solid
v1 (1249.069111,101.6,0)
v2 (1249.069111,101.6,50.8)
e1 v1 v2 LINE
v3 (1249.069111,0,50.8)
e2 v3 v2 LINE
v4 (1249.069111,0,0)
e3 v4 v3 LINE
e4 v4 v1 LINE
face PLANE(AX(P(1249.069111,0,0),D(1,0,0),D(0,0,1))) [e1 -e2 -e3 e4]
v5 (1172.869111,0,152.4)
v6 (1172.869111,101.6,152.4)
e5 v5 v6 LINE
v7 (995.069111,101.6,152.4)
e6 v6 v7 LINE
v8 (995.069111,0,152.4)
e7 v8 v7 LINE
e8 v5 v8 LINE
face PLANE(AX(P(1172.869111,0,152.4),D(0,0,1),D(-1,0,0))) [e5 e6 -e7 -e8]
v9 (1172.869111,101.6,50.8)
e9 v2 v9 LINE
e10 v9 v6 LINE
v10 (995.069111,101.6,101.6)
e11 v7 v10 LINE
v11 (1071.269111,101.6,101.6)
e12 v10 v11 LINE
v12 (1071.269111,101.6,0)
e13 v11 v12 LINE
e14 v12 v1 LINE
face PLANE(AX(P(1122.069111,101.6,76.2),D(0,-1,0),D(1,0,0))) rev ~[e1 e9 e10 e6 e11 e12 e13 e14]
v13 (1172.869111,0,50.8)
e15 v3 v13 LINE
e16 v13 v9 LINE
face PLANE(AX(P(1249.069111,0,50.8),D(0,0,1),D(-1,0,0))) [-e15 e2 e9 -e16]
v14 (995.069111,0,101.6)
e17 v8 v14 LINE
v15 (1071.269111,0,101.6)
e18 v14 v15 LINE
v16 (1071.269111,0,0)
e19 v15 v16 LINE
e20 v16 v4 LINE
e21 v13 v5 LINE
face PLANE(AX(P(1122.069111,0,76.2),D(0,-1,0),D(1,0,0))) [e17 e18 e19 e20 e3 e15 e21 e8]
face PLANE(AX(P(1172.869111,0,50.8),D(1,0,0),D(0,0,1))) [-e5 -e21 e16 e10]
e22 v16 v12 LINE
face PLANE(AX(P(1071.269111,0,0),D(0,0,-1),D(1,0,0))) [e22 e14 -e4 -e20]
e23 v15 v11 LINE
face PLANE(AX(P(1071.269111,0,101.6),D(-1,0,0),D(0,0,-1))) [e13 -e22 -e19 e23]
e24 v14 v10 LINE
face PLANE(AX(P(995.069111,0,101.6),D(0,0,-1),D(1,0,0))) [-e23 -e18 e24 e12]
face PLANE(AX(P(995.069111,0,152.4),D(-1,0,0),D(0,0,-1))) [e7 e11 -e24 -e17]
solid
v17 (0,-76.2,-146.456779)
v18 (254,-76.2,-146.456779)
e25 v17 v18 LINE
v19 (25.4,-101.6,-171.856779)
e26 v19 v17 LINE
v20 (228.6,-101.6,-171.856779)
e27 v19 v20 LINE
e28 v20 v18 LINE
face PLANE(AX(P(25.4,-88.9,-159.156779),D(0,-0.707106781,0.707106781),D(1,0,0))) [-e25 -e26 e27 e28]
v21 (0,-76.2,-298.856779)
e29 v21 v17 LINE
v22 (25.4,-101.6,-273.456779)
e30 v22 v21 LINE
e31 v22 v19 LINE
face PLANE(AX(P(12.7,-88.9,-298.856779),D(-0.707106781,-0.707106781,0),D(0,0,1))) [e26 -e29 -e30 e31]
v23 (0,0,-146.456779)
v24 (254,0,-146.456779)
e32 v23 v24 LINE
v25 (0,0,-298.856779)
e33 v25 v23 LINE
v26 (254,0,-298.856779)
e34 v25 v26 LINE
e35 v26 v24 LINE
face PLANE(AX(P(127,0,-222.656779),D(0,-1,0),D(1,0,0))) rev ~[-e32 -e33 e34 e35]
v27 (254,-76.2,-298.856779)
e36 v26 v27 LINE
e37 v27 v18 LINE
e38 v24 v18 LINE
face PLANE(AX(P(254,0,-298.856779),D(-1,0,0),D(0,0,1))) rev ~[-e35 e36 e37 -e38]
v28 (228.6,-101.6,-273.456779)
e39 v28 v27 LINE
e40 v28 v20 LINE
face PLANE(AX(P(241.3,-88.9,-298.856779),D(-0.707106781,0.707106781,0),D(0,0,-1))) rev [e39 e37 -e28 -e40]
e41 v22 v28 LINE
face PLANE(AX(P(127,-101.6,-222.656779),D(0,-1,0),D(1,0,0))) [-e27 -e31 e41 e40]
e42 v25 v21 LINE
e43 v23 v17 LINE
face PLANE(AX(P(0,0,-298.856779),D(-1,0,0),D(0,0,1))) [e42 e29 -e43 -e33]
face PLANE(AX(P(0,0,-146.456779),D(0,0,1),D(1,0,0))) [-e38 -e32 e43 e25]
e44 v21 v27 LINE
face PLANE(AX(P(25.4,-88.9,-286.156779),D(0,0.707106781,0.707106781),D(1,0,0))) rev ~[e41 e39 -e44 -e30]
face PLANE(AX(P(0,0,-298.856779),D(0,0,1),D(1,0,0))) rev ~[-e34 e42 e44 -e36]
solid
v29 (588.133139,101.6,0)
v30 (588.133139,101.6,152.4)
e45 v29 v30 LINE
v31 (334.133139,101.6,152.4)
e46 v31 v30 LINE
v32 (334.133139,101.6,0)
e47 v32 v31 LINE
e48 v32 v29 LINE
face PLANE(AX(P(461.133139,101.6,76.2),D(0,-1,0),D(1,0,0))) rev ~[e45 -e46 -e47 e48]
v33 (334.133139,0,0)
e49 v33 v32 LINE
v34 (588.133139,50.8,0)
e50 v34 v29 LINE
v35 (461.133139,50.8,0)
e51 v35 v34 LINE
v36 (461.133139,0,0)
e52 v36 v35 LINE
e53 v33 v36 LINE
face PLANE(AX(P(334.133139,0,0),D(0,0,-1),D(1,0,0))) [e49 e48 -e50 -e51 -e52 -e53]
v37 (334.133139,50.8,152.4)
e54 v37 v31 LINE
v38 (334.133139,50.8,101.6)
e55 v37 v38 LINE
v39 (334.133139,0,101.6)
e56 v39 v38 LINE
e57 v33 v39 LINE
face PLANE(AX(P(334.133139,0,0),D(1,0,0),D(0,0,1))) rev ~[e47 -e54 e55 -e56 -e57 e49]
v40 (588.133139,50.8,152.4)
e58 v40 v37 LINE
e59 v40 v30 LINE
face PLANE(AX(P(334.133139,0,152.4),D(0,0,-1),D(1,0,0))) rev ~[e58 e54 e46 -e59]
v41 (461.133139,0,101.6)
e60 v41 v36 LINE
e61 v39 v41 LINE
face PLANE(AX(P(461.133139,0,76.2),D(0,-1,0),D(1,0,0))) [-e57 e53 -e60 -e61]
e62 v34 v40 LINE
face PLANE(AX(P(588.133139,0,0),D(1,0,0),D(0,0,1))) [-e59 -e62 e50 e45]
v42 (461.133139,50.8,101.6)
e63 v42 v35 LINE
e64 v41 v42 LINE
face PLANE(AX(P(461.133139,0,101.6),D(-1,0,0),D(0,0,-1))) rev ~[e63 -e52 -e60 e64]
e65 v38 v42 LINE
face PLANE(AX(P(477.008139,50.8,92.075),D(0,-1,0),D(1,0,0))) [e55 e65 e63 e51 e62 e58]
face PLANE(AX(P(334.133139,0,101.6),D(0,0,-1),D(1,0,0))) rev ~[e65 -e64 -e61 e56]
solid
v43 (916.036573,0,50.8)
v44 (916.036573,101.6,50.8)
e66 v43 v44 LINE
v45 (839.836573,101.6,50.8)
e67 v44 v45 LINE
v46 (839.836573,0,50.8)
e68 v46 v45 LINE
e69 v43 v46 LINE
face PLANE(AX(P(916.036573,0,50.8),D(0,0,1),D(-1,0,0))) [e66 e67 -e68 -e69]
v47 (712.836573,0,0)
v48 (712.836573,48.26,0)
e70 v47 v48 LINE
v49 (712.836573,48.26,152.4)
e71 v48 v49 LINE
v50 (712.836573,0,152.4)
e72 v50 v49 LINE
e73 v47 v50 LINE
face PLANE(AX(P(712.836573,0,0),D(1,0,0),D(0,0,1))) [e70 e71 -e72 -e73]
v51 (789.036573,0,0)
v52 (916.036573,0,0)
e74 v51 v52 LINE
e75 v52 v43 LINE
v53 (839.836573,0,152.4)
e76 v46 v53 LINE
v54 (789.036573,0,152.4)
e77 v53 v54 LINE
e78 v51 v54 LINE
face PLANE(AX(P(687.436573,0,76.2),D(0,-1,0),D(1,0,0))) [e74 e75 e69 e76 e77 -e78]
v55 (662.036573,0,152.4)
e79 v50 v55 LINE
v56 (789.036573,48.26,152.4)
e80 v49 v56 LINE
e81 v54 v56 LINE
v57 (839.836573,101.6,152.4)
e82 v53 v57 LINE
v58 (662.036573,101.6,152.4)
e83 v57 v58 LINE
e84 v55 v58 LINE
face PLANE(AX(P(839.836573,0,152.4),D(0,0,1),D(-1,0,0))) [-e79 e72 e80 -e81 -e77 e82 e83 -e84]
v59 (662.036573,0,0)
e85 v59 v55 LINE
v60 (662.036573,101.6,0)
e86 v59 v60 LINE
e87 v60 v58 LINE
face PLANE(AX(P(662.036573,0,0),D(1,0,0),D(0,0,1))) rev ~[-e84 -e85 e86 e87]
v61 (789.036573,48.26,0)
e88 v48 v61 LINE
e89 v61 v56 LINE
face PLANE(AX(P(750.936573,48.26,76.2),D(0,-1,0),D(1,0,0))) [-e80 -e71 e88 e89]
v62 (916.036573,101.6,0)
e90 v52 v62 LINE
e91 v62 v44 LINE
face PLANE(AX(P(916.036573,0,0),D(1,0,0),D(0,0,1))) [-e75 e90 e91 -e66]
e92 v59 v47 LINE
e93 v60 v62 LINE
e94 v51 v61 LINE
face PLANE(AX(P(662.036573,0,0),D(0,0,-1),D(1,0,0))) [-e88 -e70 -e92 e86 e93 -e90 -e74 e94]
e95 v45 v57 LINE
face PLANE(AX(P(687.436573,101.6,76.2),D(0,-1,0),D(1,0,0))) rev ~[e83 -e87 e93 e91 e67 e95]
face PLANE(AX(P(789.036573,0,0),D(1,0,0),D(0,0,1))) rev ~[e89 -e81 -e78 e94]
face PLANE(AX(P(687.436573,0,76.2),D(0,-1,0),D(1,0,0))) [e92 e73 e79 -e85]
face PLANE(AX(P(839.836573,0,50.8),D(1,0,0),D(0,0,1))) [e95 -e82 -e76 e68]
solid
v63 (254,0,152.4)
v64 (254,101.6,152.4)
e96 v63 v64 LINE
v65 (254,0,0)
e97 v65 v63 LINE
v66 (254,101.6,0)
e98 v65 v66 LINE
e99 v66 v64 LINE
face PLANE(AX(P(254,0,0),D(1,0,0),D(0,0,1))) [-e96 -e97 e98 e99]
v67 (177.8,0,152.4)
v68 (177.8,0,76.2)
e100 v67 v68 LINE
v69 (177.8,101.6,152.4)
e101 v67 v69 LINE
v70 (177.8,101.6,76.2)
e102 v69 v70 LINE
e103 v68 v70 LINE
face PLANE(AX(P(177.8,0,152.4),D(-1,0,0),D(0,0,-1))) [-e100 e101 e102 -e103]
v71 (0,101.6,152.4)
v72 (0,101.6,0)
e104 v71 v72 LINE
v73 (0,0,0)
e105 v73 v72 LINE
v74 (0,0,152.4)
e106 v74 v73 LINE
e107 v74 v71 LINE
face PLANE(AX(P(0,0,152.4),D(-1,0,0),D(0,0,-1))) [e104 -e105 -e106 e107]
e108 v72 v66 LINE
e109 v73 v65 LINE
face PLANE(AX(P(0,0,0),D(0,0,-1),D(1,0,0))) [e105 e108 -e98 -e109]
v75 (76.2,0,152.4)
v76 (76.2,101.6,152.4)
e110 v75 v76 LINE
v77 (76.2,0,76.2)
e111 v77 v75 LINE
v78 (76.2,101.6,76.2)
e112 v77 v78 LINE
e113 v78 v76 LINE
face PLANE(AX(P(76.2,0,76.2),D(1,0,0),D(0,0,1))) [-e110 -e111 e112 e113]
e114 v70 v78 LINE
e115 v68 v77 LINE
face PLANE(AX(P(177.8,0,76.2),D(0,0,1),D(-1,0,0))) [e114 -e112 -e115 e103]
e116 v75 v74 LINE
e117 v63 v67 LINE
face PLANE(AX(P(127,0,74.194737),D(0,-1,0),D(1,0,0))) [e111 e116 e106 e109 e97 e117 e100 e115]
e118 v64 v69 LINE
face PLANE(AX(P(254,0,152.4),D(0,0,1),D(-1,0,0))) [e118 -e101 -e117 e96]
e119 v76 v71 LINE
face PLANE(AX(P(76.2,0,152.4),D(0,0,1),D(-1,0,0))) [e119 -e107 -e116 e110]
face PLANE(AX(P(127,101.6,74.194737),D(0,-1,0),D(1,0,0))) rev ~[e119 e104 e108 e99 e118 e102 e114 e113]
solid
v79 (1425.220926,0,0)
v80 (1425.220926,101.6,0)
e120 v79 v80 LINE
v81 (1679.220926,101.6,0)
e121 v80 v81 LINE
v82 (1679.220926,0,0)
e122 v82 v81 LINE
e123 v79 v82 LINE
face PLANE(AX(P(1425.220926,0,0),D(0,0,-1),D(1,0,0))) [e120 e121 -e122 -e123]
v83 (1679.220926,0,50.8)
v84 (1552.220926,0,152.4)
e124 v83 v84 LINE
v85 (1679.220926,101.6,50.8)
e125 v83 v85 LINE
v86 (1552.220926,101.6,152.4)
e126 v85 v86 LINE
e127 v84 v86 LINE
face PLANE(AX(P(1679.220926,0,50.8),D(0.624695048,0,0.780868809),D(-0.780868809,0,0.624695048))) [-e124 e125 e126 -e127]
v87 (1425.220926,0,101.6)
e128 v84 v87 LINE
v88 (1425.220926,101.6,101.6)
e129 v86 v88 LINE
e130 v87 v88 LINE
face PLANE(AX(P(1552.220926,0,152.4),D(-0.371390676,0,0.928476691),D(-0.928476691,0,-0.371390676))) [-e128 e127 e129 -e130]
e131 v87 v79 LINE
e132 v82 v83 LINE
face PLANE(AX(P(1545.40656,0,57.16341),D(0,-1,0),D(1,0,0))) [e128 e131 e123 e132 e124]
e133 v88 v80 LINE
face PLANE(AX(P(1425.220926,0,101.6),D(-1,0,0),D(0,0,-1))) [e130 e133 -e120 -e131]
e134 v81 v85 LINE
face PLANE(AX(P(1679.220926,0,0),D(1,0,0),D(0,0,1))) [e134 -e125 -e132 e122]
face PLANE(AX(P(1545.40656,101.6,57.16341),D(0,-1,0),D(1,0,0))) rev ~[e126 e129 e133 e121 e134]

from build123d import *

# Parameters (mm, degrees)
F1_DEPTH  = 101.6
F2_W      = 254
F2_H      = 152.4
F3_DEPTH  = 101.6
F5_DEPTH  = 50.8
F6_W      = 50.8
F6_H      = 152.4
F6_W_2    = 76.2
F7_DEPTH  = 101.6
F8_W      = 76.2
F8_H      = 152.4
F9_DEPTH  = 48.26
F11_DEPTH = 101.6
F13_DEPTH = 101.6
F14_W     = 254
F14_H     = 152.4
F15_DEPTH = 101.6
F16_SIZE  = 25.4
F17_SIZE  = 25.4
F18_SIZE  = 25.4
F19_SIZE  = 25.4


with BuildPart() as f1:
    # F0 (on Front) → F1 (new body)
    with BuildSketch(Plane.XZ):
        Polygon((0, 152.4), (0, 0), (254, 0), (254, 152.4), (177.8, 152.4), (177.8, 76.2), (76.2, 76.2), (76.2, 152.4), align=None)
    extrude(amount=-F1_DEPTH)


with BuildPart() as f3:
    # F2 (on Front) → F3 (new body)
    with BuildSketch(Plane.XZ):
        with Locations((461.133139, 76.2)):
            Rectangle(F2_W, F2_H)
    extrude(amount=-F3_DEPTH)

    # F4 (on face) → F5 (cut)
    with BuildSketch(Plane.XZ):
        Polygon((588.133139, 152.4), (334.133139, 152.4), (334.133139, 101.6), (461.133139, 101.6), (461.133139, 0), (588.133139, 0), align=None)
    extrude(amount=-F5_DEPTH, mode=Mode.SUBTRACT)


with BuildPart() as f7:
    # F6 (on Front) → F7 (new body)
    with BuildSketch(Plane.XZ):
        with Locations((687.436573, 76.2)):
            Rectangle(F6_W, F6_H)
        with Locations((750.936573, 76.2)):
            Rectangle(F6_W_2, F6_H)
        Polygon((789.036573, 152.4), (789.036573, 0), (916.036573, 0), (916.036573, 50.8), (839.836573, 50.8), (839.836573, 152.4), align=None)
    extrude(amount=-F7_DEPTH)

    # F8 (on face) → F9 (cut)
    with BuildSketch(Plane.XZ):
        with Locations((750.936573, 76.2)):
            Rectangle(F8_W, F8_H)
    extrude(amount=-F9_DEPTH, mode=Mode.SUBTRACT)


with BuildPart() as f11:
    # F10 (on Front) → F11 (new body)
    with BuildSketch(Plane.XZ):
        Polygon((1071.269111, 101.6), (1071.269111, 0), (1249.069111, 0), (1249.069111, 50.8), (1172.869111, 50.8), (1172.869111, 152.4), (995.069111, 152.4), (995.069111, 101.6), align=None)
    extrude(amount=-F11_DEPTH)


with BuildPart() as f13:
    # F12 (on Front) → F13 (new body)
    with BuildSketch(Plane.XZ):
        Polygon((1425.220926, 101.6), (1425.220926, 0), (1679.220926, 0), (1679.220926, 50.8), (1552.220926, 152.4), align=None)
    extrude(amount=-F13_DEPTH)


with BuildPart() as f15:
    # F14 (on Front) → F15 (new body)
    with BuildSketch(Plane.XZ):
        with Locations((127, -222.656779)):
            Rectangle(F14_W, F14_H)
    extrude(amount=F15_DEPTH)

    # F16
    f16_edges = [f15.edges().sort_by_distance(p)[0] for p in [
        (254, -101.6, -222.656779),
    ]]
    chamfer(f16_edges, length=F16_SIZE)

    # F17
    f17_edges = [f15.edges().sort_by_distance(p)[0] for p in [
        (0, -101.6, -222.656779),
    ]]
    chamfer(f17_edges, length=F17_SIZE)

    # F18
    f18_edges = [f15.edges().sort_by_distance(p)[0] for p in [
        (127, -101.6, -146.456779),
    ]]
    chamfer(f18_edges, length=F18_SIZE)

    # F19
    f19_edges = [f15.edges().sort_by_distance(p)[0] for p in [
        (127, -101.6, -298.856779),
    ]]
    chamfer(f19_edges, length=F19_SIZE)


solid = Compound([f1.part, f3.part, f7.part, f11.part, f13.part, f15.part])
